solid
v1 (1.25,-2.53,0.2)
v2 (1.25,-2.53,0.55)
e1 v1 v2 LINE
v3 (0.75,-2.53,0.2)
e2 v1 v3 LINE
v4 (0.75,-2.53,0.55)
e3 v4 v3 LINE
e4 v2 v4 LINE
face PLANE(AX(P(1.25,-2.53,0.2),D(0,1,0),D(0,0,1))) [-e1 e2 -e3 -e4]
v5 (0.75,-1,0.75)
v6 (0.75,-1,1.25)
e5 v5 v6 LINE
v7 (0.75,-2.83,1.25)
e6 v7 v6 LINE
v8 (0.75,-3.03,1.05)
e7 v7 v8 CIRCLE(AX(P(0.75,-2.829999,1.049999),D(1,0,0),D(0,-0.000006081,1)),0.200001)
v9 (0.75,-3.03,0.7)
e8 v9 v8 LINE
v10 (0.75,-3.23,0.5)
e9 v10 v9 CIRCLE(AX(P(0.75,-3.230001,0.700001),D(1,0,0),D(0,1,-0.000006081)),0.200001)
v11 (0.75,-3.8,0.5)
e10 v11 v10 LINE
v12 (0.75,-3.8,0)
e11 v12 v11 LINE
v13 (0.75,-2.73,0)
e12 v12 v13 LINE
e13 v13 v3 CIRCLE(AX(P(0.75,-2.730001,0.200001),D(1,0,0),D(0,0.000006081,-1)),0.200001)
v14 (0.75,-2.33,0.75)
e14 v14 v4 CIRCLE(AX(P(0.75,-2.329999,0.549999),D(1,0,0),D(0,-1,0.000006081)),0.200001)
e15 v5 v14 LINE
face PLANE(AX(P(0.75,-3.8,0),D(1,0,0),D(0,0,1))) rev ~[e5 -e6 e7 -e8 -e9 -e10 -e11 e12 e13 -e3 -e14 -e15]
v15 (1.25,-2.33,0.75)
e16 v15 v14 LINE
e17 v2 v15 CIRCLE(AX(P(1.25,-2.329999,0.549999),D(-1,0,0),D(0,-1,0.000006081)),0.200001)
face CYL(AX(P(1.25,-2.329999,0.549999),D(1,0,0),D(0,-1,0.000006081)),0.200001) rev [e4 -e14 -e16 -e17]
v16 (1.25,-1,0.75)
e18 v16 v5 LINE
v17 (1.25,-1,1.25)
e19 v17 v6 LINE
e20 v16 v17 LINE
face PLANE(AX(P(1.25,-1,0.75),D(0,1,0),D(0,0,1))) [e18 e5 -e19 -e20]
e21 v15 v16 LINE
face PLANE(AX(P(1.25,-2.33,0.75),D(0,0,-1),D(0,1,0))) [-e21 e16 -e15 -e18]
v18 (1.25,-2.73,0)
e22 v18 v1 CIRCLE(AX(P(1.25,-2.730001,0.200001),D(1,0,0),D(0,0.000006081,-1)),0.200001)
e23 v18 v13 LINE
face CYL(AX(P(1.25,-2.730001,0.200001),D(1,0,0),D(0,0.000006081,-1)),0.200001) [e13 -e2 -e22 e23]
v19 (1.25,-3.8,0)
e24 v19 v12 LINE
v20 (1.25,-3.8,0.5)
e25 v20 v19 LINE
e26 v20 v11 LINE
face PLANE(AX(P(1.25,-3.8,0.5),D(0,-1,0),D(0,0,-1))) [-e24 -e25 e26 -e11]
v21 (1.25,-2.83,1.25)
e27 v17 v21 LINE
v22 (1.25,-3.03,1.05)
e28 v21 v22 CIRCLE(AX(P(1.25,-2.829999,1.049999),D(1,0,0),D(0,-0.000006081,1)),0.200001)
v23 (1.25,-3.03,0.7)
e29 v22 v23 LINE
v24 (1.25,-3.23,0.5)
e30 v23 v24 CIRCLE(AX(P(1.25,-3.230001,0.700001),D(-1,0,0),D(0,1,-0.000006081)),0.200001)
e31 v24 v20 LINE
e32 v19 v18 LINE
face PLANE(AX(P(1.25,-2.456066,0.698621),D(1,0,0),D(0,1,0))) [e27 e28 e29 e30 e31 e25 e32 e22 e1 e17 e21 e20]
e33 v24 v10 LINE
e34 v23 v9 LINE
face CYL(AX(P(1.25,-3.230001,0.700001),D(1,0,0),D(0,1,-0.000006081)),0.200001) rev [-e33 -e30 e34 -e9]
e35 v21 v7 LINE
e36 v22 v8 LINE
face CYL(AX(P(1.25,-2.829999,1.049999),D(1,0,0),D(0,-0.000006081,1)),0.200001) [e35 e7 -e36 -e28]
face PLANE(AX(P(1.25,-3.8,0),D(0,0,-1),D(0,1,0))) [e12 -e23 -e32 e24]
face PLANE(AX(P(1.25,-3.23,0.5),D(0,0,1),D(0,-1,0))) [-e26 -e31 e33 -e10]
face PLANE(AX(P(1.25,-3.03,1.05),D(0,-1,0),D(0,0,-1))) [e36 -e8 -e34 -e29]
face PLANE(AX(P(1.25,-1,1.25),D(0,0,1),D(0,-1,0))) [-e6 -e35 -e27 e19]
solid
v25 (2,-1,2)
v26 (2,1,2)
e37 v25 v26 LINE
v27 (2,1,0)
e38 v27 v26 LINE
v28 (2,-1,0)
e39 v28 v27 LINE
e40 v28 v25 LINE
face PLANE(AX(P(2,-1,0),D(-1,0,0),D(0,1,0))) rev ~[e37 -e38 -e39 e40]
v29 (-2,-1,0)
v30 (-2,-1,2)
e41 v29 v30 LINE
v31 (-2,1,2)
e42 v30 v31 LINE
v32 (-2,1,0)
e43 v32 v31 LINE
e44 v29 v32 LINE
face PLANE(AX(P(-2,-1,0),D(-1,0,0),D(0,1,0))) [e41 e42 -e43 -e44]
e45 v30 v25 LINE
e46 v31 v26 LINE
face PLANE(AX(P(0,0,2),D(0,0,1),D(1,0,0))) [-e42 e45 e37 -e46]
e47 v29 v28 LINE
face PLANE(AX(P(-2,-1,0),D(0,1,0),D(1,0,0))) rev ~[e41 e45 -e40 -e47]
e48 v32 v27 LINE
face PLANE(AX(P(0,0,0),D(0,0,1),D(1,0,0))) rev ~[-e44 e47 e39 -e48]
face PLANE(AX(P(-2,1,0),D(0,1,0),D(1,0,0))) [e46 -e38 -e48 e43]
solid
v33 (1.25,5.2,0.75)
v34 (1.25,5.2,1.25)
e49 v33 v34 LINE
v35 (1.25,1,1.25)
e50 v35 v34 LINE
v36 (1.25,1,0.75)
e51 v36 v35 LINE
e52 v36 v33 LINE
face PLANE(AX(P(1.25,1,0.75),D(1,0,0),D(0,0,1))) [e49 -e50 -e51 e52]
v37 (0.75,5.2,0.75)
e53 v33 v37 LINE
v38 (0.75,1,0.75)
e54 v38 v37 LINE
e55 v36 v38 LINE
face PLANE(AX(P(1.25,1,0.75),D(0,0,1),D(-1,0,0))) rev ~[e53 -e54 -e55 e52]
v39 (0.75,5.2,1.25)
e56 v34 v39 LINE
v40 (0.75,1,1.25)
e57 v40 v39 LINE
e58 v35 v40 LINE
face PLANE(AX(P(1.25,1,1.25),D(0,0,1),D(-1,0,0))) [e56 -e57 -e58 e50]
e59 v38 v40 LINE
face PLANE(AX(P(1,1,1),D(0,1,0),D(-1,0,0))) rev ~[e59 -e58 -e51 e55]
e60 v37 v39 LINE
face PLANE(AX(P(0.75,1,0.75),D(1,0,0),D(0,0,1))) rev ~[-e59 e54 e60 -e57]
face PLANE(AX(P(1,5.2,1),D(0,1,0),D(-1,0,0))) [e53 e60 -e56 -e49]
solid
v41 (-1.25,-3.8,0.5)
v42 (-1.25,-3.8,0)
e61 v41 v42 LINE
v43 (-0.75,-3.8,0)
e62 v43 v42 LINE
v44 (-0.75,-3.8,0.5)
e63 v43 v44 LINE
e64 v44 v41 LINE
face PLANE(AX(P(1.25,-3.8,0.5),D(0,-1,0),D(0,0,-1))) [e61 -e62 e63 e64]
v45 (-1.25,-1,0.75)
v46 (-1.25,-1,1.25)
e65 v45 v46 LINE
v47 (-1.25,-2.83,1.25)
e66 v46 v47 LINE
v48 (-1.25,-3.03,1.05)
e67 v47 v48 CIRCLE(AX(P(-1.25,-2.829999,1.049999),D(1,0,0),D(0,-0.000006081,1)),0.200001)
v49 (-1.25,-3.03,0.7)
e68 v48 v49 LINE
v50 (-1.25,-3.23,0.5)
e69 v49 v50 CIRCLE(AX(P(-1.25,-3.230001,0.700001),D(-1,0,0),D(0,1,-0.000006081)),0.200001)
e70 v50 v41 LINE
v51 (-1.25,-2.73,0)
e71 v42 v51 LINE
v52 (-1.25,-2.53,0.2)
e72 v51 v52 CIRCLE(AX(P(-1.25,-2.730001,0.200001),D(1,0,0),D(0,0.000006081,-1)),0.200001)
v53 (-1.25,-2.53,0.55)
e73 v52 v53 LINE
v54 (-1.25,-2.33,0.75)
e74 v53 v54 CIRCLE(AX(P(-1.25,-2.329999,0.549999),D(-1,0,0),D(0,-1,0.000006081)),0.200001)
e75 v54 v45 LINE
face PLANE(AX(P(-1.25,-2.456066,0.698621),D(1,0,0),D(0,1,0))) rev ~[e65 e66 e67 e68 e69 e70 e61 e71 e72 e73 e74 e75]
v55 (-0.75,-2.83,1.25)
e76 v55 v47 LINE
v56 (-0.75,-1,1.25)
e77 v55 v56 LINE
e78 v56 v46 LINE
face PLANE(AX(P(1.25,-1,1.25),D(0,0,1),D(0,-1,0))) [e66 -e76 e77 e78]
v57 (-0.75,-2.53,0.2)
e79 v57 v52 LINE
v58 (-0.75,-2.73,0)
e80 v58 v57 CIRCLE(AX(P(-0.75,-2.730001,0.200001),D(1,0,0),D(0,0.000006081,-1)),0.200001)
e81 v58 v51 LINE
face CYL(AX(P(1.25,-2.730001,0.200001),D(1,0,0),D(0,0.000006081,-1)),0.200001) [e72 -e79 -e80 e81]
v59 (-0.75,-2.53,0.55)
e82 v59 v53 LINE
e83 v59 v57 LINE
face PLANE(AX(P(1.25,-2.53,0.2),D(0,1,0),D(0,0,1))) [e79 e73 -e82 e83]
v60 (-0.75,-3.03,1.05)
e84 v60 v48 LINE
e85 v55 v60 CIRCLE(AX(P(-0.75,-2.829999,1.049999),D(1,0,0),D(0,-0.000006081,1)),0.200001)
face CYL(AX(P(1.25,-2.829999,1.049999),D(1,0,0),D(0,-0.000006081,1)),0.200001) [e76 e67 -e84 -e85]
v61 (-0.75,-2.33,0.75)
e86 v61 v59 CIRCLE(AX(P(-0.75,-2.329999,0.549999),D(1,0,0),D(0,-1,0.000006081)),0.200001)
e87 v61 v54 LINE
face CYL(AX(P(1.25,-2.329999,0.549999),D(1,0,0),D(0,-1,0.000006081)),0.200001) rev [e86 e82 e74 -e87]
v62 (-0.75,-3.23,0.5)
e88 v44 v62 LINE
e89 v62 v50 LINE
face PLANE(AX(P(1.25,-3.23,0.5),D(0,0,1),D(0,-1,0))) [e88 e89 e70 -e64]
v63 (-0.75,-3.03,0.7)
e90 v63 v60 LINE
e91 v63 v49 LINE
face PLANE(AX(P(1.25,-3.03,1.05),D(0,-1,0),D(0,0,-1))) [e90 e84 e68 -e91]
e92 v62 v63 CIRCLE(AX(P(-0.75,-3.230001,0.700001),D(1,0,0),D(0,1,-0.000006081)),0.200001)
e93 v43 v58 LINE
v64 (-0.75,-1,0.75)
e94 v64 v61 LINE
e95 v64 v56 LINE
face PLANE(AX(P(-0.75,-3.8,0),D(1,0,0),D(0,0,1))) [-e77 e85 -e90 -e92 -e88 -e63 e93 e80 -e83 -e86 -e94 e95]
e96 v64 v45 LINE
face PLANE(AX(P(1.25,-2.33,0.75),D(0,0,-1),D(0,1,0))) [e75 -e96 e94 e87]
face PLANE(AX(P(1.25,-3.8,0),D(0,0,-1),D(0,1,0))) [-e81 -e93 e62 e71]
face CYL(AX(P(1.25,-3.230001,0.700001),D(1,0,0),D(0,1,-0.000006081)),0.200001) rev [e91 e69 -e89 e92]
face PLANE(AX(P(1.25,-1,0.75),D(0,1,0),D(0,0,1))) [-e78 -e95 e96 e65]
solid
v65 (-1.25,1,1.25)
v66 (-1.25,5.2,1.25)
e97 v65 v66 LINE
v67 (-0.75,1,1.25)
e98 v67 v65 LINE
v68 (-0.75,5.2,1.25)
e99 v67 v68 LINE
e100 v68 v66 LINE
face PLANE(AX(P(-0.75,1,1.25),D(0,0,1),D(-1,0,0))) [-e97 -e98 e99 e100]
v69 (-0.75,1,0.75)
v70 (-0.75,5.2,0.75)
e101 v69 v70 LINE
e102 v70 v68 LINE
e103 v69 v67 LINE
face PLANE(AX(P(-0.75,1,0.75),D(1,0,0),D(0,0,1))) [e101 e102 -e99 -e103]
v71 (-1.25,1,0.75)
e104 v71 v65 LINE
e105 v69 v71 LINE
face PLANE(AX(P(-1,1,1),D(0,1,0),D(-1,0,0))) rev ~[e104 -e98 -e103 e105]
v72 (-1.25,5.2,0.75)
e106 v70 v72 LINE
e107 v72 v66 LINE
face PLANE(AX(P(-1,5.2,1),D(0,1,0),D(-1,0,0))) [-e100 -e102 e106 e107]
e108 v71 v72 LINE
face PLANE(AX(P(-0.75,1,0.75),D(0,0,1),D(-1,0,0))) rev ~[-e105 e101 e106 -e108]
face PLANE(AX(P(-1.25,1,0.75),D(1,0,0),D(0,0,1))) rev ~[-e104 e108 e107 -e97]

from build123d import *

# Parameters (mm, degrees)
F0_W     = 4
F0_H     = 2
F1_DEPTH = 2
F2_W     = 0.5
F2_H     = 0.5
F3_DEPTH = 4.2
F5_DEPTH = 2.5
F6_W     = 1.5
F6_H     = 1.436406
F7_DEPTH = 2.8


with BuildPart() as f1:
    # F0 (on Top) → F1 (new body)
    with BuildSketch(Plane.XY):
        Rectangle(F0_W, F0_H)
    extrude(amount=F1_DEPTH)


with BuildPart() as f3:
    # F2 (on face) → F3 (new body)
    with BuildSketch(Plane(origin=(0, 1, 0), x_dir=(-1, 0, 0), z_dir=(0, 1, 0))):
        with Locations((-1, 1)):
            Rectangle(F2_W, F2_H)
        with Locations((1, 1)):
            Rectangle(F2_W, F2_H)
    extrude(amount=F3_DEPTH)


with BuildPart() as f5:
    # F4 (on face) → F5 (new body)
    with BuildSketch(Plane.YZ.offset(1.25)):
        with BuildLine():
            Line((-2.33, 0.75), (-1, 0.75))
            Line((-1, 0.75), (-1, 1.25))
            Line((-1, 1.25), (-2.53, 1.25))
            Line((-2.53, 1.25), (-2.83, 1.25))
            ThreePointArc((-2.83, 1.25), (-2.971421, 1.191421), (-3.03, 1.05))
            Line((-3.03, 1.05), (-3.03, 0.7))
            ThreePointArc((-3.03, 0.7), (-3.088579, 0.558579), (-3.23, 0.5))
            Line((-3.23, 0.5), (-3.8, 0.5))
            Line((-3.8, 0.5), (-3.8, 0))
            Line((-3.8, 0), (-2.73, 0))
            ThreePointArc((-2.73, 0), (-2.588579, 0.058579), (-2.53, 0.2))
            Line((-2.53, 0.2), (-2.53, 0.55))
            ThreePointArc((-2.53, 0.55), (-2.471421, 0.691421), (-2.33, 0.75))
        make_face()
    extrude(amount=-F5_DEPTH)

    # F6 (on face) → F7 (cut)
    with BuildSketch(Plane.XZ.offset(3.8)):
        with Locations((0, 0.718203)):
            Rectangle(F6_W, F6_H)
    extrude(amount=-F7_DEPTH, mode=Mode.SUBTRACT)


solid = Compound([f1.part, f3.part, f5.part])
